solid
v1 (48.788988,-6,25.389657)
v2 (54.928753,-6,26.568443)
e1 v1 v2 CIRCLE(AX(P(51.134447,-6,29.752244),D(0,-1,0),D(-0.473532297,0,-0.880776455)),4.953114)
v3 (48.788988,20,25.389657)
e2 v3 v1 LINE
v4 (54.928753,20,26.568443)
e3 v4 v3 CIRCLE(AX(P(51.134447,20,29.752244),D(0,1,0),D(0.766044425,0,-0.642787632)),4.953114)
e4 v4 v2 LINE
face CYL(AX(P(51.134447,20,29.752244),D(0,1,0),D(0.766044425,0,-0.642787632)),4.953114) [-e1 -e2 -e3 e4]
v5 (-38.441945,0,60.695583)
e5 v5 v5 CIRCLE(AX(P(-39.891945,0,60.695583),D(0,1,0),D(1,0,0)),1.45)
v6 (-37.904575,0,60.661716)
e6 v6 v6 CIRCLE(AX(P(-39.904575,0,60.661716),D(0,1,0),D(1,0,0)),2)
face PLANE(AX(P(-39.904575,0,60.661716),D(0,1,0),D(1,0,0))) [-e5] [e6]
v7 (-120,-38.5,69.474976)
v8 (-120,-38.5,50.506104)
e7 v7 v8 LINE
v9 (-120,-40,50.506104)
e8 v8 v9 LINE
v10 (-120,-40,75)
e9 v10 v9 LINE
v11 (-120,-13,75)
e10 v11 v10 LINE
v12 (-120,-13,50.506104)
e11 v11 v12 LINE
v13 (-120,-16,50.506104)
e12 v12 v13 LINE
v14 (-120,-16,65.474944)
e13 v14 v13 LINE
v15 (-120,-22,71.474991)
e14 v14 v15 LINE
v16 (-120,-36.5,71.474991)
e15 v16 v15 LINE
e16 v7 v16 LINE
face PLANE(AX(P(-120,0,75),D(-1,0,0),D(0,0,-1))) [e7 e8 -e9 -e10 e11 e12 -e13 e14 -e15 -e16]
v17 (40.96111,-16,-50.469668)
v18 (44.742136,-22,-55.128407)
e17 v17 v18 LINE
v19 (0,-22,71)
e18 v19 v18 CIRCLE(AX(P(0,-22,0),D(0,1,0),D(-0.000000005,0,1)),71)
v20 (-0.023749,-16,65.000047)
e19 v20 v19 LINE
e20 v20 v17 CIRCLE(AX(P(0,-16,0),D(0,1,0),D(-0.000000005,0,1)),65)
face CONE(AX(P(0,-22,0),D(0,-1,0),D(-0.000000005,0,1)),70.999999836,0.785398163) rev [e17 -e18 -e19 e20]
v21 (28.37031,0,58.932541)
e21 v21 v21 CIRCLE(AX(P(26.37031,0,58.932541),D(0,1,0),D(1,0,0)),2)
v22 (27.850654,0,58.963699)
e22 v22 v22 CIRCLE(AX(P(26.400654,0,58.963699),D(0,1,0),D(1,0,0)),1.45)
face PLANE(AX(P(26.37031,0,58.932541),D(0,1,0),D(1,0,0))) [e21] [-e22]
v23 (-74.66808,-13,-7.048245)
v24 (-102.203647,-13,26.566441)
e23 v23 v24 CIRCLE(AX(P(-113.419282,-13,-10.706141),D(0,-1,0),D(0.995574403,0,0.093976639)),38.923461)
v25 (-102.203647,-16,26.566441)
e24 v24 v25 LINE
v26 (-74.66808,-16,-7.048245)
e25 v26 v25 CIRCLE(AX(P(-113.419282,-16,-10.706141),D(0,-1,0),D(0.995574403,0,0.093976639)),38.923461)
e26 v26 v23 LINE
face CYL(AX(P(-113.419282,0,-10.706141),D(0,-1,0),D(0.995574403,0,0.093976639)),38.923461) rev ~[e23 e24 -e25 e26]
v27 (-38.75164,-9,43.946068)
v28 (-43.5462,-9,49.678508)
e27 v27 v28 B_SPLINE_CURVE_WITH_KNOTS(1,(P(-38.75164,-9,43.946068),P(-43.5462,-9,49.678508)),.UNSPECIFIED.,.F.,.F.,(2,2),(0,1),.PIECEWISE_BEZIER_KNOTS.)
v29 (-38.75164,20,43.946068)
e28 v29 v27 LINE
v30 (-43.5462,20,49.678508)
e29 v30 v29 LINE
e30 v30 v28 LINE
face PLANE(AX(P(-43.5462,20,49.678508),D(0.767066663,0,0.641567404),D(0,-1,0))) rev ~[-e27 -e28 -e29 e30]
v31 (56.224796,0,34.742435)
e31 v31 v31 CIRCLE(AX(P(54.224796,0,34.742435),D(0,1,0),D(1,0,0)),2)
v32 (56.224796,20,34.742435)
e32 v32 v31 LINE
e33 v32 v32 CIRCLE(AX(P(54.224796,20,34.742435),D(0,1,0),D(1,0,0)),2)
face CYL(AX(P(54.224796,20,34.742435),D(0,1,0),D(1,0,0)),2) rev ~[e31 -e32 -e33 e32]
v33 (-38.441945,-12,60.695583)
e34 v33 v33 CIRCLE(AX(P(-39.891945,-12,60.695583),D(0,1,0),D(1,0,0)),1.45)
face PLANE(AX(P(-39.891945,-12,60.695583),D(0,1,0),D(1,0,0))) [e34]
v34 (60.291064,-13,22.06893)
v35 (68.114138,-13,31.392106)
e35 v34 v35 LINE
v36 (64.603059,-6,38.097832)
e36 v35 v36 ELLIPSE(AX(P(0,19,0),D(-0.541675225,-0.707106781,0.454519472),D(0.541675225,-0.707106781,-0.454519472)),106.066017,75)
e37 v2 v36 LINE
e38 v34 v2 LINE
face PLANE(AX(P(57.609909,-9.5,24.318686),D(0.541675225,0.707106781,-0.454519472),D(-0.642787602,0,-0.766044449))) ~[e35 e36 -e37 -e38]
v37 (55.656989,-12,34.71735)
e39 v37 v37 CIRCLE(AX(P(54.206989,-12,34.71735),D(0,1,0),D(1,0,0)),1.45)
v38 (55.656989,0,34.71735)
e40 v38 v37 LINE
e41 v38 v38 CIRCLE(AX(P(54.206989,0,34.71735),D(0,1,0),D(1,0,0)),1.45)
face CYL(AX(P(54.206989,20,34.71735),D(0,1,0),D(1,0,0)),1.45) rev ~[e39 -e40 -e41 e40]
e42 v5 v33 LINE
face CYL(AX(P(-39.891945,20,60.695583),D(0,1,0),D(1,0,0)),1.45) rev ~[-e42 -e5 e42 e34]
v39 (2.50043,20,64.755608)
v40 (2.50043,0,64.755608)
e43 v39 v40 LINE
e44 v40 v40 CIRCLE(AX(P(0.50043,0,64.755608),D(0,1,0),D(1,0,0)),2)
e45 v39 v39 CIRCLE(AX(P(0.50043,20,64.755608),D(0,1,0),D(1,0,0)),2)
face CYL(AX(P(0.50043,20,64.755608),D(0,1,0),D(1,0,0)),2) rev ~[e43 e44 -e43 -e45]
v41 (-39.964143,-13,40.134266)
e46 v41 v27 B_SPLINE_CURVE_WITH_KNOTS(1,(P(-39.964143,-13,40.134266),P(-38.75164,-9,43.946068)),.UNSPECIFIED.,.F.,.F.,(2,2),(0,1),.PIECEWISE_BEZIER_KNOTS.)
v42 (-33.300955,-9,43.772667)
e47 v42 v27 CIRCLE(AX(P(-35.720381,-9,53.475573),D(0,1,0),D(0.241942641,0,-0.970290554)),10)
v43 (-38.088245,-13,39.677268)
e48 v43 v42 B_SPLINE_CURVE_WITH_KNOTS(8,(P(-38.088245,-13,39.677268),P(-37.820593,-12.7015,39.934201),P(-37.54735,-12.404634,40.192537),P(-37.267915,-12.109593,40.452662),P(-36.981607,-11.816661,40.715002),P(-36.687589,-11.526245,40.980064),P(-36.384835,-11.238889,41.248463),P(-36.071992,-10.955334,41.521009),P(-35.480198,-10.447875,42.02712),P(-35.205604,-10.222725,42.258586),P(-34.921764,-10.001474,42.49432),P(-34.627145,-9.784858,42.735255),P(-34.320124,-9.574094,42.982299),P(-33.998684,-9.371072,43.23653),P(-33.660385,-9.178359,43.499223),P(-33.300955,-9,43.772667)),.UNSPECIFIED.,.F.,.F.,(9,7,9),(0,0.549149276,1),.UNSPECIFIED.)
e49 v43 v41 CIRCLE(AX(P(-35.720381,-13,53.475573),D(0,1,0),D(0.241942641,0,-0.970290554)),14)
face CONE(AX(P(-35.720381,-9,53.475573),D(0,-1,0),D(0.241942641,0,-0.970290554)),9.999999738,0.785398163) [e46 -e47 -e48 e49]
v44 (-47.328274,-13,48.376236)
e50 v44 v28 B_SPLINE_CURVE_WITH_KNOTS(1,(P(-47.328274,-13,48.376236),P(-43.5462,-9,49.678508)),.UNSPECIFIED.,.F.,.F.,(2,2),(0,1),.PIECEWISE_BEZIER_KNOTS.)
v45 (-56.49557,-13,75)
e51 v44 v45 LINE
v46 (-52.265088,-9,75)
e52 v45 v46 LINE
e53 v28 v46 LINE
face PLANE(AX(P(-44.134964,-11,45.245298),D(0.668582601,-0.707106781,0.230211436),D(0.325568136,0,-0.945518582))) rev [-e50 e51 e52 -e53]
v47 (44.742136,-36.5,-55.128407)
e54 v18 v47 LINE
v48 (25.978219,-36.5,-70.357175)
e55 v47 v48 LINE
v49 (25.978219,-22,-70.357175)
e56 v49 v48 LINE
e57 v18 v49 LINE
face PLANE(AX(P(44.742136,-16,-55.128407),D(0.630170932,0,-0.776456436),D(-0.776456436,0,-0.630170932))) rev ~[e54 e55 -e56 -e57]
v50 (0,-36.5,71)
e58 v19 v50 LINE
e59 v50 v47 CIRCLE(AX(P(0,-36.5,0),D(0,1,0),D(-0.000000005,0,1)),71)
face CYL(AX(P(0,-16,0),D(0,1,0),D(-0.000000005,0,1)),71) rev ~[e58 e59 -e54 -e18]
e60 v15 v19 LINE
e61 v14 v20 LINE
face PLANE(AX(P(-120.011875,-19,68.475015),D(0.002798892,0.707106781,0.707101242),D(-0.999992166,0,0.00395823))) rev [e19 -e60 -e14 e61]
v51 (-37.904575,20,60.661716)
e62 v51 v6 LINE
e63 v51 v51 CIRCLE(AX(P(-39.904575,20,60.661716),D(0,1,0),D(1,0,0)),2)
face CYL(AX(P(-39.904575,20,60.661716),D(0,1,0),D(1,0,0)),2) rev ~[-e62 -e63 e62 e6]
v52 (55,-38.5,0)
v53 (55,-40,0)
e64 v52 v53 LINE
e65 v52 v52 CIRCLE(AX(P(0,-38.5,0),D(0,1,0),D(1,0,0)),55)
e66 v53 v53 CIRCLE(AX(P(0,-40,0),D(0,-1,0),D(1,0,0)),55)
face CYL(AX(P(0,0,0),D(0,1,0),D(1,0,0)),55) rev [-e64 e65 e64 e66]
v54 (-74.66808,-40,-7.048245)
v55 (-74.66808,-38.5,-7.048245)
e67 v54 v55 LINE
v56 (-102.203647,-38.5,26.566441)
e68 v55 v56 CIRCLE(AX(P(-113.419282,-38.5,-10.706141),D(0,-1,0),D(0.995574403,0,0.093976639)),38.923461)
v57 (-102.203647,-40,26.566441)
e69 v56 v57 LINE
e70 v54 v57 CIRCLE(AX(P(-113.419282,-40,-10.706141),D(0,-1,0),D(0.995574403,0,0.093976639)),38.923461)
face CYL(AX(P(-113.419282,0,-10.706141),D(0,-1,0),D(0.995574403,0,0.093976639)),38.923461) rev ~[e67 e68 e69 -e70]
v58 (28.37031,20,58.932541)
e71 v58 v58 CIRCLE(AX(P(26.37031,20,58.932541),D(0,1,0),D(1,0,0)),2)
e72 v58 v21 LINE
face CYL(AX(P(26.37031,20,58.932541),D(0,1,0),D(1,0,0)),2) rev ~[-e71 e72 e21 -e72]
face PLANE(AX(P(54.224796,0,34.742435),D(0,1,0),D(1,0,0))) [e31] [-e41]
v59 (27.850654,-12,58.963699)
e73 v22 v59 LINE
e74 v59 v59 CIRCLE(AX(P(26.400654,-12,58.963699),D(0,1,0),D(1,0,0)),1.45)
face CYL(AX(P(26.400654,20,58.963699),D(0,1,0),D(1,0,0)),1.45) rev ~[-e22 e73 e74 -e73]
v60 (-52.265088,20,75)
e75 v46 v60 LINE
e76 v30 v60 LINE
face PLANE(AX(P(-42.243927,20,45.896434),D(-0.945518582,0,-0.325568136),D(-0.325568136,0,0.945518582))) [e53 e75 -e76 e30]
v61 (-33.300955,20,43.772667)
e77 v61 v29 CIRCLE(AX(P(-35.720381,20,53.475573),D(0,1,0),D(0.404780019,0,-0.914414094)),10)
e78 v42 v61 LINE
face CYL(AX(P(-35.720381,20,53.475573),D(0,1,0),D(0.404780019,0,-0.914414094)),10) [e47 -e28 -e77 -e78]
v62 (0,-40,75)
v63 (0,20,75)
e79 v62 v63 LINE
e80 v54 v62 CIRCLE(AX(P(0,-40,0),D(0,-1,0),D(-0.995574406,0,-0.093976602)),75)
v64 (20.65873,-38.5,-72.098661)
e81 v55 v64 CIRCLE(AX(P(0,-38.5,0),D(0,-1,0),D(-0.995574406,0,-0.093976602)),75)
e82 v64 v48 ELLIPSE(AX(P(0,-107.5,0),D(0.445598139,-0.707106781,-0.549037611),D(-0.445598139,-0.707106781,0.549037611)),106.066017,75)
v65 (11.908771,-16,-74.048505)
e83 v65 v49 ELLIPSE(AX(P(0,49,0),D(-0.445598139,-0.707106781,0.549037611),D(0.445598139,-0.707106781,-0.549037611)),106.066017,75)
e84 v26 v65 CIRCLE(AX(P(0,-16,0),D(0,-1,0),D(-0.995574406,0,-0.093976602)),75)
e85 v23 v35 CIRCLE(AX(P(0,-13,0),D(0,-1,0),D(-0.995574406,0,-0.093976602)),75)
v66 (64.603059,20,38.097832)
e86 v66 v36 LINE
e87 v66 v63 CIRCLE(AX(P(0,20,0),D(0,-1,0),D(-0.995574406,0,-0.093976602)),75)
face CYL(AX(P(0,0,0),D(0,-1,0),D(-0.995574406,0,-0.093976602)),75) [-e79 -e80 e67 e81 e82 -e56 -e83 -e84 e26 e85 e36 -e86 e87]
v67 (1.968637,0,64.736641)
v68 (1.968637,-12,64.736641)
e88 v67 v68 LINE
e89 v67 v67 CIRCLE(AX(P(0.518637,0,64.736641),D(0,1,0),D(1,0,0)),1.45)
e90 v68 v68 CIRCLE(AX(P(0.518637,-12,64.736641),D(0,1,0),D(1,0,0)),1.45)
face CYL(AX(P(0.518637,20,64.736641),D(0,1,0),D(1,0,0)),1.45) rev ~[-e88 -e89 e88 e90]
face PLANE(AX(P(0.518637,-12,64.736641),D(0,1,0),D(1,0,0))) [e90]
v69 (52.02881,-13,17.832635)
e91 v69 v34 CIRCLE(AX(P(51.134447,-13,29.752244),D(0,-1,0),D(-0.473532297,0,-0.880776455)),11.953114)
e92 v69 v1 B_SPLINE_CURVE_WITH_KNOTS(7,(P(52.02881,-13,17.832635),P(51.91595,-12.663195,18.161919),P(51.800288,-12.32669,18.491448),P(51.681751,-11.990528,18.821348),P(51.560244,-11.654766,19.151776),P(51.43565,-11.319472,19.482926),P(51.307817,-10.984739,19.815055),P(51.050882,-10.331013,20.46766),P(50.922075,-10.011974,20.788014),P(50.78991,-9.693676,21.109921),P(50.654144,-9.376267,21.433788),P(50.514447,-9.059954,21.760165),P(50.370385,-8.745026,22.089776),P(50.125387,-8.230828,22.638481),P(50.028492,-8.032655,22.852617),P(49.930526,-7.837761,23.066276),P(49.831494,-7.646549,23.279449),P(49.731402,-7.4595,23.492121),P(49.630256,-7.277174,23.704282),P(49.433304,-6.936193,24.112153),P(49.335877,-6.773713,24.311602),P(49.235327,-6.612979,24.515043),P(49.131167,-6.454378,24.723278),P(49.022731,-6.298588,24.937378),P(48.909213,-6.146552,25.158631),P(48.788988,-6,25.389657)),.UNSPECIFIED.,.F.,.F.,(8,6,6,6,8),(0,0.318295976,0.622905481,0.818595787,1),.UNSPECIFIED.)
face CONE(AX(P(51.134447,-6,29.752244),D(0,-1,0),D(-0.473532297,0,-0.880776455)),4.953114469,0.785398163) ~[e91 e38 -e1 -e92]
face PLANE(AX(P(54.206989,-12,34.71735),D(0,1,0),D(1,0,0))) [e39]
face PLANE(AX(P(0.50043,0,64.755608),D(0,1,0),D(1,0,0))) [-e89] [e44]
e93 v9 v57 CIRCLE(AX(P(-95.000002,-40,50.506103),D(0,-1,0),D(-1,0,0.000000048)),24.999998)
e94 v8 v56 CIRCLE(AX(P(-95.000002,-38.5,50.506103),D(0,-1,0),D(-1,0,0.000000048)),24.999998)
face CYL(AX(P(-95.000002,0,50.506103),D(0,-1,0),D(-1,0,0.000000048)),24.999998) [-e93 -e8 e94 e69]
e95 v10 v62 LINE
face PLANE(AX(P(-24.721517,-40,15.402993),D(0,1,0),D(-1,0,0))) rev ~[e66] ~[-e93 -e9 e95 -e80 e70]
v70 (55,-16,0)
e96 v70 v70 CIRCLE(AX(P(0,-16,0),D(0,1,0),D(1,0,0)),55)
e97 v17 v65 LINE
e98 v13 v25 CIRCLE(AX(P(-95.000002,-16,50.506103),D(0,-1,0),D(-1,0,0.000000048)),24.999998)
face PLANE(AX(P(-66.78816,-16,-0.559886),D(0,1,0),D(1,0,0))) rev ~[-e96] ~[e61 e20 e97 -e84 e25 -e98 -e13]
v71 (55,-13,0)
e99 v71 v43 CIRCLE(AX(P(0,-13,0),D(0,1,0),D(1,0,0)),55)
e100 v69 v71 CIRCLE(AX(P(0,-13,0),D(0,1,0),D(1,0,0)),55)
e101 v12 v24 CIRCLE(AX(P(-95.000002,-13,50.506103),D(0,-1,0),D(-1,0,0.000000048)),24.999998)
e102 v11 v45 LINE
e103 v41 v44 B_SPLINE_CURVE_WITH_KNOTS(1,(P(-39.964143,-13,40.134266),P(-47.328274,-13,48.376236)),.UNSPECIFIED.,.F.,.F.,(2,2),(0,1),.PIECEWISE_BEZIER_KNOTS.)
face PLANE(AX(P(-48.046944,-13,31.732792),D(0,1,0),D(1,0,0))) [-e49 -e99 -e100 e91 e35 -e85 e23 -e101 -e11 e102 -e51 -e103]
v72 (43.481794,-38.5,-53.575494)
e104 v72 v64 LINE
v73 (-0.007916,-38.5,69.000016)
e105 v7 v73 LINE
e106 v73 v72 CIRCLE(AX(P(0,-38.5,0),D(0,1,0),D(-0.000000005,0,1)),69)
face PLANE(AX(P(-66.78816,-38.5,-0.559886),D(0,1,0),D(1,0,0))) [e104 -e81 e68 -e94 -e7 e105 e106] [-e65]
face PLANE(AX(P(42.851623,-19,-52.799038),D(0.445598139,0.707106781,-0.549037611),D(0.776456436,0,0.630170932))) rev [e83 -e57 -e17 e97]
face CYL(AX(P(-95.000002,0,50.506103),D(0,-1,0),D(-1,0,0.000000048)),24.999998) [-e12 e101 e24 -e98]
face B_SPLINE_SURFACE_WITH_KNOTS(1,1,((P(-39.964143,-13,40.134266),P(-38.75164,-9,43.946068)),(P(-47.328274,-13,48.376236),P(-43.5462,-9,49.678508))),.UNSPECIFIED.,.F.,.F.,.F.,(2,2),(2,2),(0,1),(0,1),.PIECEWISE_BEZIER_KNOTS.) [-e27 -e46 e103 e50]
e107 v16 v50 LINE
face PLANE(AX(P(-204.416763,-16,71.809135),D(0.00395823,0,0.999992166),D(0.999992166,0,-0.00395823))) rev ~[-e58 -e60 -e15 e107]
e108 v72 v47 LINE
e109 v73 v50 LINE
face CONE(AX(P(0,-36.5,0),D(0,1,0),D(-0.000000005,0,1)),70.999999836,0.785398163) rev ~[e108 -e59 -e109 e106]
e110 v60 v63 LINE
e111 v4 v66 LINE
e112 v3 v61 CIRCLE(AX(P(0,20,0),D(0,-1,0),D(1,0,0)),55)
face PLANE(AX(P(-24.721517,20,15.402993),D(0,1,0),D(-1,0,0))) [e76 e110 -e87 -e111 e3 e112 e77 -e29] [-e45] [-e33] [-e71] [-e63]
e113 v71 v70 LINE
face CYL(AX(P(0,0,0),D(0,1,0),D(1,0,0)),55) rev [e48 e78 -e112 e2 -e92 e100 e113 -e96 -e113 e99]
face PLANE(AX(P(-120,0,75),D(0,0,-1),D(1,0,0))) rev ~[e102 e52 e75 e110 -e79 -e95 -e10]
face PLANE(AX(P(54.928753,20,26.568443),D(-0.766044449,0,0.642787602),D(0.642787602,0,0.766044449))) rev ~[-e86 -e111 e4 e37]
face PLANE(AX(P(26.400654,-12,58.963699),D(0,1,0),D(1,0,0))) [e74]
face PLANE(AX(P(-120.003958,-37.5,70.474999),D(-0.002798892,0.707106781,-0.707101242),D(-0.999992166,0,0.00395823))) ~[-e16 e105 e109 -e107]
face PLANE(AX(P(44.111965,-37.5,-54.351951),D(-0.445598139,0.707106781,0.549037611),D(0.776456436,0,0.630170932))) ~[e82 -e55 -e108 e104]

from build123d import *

# Parameters (mm, degrees)
SKETCH_R        = 55
PAD_DEPTH       = 40
PAD_DEPTH_BACK  = 20
POCKET_DEPTH    = 33
POCKET001_START = -3
POCKET001_DEPTH = 22.5
CHAMFER_SIZE    = 7
CHAMFER001_SIZE = 4
CHAMFER002_SIZE = 6
CHAMFER003_SIZE = 2
SKETCH006_R     = 1.45
POCKET002_DEPTH = 32
SKETCH007_R     = 2
POCKET003_DEPTH = 20


with BuildPart() as part:
    # Sketch → Pad (new body, two sides)
    with BuildSketch(Plane.XZ) as pad_sk:
        with BuildLine():
            Line((-120, 75), (0, 75))
            ThreePointArc((-74.66808, -7.048245), (55.468993, -50.479608), (0, 75))
            ThreePointArc((-74.66808, -7.048245), (-83.30852, 13.959176), (-102.203647, 26.566441))
            ThreePointArc((-120, 50.506104), (-115.063539, 35.591198), (-102.203647, 26.566441))
            Line((-120, 75), (-120, 50.506104))
        make_face()
        Circle(SKETCH_R, mode=Mode.SUBTRACT)
    extrude(amount=PAD_DEPTH)
    extrude(pad_sk.sketch, amount=-PAD_DEPTH_BACK)

    # Sketch001 (on Face7 of Pad) → Pocket (cut)
    with BuildSketch(Plane(origin=(0, 20, 0), x_dir=(1, 0, 0), z_dir=(0, 1, 0))):
        with BuildLine():
            Line((54.928753, -26.568443), (75.942328, -51.611447))
            ThreePointArc((75.942328, -51.611447), (26.999321, 87.761127), (-91.820361, 0))
            Line((-211.758942, -107.924309), (-91.820361, 0))
            Line((-30.973335, -107.924309), (-211.758942, -107.924309))
            Line((-16.47613, -75.395136), (-30.973335, -107.924309))
            Line((-52.401144, -75.395136), (-16.47613, -75.395136))
            Line((-42.243927, -45.896434), (-52.401144, -75.395136))
            ThreePointArc((-31.672581, -44.331432), (-37.184839, -43.583386), (-42.243927, -45.896434))
            Line((43.621241, -30.505082), (-31.672581, -44.331432))
            Line((47.528801, -26.356267), (43.621241, -30.505082))
            ThreePointArc((54.928753, -26.568443), (51.276407, -24.801164), (47.528801, -26.356267))
        make_face()
    extrude(amount=-POCKET_DEPTH, mode=Mode.SUBTRACT)

    # Sketch003 (on Face2 of Pocket) → Pocket001 (cut)
    with BuildSketch(Plane(origin=(0, -13, 0), x_dir=(1, 0, 0), z_dir=(0, 1, 0)).offset(POCKET001_START)):
        with BuildLine():
            ThreePointArc((0, -71), (66.914561, -23.736924), (44.742136, 55.128407))
            Line((44.742136, 55.128407), (-20.564905, 108.131508))
            Line((-20.564905, 108.131508), (-158.301559, 56.449516))
            Line((-158.301559, 56.449516), (-204.416763, -71.809135))
            Line((-204.416763, -71.809135), (0, -71))
        make_face()
    extrude(amount=-POCKET001_DEPTH, mode=Mode.SUBTRACT)

    # Chamfer
    chamfer_edges = [part.edges().sort_by_distance(p)[0] for p in [
        (59.765906, -13, 32.333137),
    ]]
    chamfer(chamfer_edges, length=CHAMFER_SIZE)

    # Chamfer001
    chamfer001_edges = [part.edges().sort_by_distance(p)[0] for p in [
        (-42.243927, 3.5, 45.896434),
        (-38.03091, -13, 43.746161),
        (-47.254507, -13, 60.448217),
    ]]
    chamfer(chamfer001_edges, length=CHAMFER001_SIZE)

    # Chamfer002
    chamfer002_edges = [part.edges().sort_by_distance(p)[0] for p in [
        (66.914561, -16, 23.736924),
    ]]
    chamfer(chamfer002_edges, length=CHAMFER002_SIZE)

    # Chamfer003
    chamfer003_edges = [part.edges().sort_by_distance(p)[0] for p in [
        (-60, -38.5, 71.237496),
    ]]
    chamfer(chamfer003_edges, length=CHAMFER003_SIZE)

    # Sketch006 → Pocket002 (cut)
    with BuildSketch(Plane(origin=(0, 20, 0), x_dir=(1, 0, 0), z_dir=(0, 1, 0))):
        with Locations((-39.891945, -60.695583)):
            Circle(SKETCH006_R)
        with Locations((0.518637, -64.736641)):
            Circle(SKETCH006_R)
        with Locations((26.400654, -58.963699)):
            Circle(SKETCH006_R)
        with Locations((54.206989, -34.71735)):
            Circle(SKETCH006_R)
    extrude(amount=-POCKET002_DEPTH, mode=Mode.SUBTRACT)

    # Sketch007 → Pocket003 (cut)
    with BuildSketch(Plane(origin=(0, 20, 0), x_dir=(1, 0, 0), z_dir=(0, 1, 0))):
        with Locations((-39.904575, -60.661716)):
            Circle(SKETCH007_R)
        with Locations((0.50043, -64.755608)):
            Circle(SKETCH007_R)
        with Locations((26.37031, -58.932541)):
            Circle(SKETCH007_R)
        with Locations((54.224796, -34.742435)):
            Circle(SKETCH007_R)
    extrude(amount=-POCKET003_DEPTH, mode=Mode.SUBTRACT)


solid = part.part
